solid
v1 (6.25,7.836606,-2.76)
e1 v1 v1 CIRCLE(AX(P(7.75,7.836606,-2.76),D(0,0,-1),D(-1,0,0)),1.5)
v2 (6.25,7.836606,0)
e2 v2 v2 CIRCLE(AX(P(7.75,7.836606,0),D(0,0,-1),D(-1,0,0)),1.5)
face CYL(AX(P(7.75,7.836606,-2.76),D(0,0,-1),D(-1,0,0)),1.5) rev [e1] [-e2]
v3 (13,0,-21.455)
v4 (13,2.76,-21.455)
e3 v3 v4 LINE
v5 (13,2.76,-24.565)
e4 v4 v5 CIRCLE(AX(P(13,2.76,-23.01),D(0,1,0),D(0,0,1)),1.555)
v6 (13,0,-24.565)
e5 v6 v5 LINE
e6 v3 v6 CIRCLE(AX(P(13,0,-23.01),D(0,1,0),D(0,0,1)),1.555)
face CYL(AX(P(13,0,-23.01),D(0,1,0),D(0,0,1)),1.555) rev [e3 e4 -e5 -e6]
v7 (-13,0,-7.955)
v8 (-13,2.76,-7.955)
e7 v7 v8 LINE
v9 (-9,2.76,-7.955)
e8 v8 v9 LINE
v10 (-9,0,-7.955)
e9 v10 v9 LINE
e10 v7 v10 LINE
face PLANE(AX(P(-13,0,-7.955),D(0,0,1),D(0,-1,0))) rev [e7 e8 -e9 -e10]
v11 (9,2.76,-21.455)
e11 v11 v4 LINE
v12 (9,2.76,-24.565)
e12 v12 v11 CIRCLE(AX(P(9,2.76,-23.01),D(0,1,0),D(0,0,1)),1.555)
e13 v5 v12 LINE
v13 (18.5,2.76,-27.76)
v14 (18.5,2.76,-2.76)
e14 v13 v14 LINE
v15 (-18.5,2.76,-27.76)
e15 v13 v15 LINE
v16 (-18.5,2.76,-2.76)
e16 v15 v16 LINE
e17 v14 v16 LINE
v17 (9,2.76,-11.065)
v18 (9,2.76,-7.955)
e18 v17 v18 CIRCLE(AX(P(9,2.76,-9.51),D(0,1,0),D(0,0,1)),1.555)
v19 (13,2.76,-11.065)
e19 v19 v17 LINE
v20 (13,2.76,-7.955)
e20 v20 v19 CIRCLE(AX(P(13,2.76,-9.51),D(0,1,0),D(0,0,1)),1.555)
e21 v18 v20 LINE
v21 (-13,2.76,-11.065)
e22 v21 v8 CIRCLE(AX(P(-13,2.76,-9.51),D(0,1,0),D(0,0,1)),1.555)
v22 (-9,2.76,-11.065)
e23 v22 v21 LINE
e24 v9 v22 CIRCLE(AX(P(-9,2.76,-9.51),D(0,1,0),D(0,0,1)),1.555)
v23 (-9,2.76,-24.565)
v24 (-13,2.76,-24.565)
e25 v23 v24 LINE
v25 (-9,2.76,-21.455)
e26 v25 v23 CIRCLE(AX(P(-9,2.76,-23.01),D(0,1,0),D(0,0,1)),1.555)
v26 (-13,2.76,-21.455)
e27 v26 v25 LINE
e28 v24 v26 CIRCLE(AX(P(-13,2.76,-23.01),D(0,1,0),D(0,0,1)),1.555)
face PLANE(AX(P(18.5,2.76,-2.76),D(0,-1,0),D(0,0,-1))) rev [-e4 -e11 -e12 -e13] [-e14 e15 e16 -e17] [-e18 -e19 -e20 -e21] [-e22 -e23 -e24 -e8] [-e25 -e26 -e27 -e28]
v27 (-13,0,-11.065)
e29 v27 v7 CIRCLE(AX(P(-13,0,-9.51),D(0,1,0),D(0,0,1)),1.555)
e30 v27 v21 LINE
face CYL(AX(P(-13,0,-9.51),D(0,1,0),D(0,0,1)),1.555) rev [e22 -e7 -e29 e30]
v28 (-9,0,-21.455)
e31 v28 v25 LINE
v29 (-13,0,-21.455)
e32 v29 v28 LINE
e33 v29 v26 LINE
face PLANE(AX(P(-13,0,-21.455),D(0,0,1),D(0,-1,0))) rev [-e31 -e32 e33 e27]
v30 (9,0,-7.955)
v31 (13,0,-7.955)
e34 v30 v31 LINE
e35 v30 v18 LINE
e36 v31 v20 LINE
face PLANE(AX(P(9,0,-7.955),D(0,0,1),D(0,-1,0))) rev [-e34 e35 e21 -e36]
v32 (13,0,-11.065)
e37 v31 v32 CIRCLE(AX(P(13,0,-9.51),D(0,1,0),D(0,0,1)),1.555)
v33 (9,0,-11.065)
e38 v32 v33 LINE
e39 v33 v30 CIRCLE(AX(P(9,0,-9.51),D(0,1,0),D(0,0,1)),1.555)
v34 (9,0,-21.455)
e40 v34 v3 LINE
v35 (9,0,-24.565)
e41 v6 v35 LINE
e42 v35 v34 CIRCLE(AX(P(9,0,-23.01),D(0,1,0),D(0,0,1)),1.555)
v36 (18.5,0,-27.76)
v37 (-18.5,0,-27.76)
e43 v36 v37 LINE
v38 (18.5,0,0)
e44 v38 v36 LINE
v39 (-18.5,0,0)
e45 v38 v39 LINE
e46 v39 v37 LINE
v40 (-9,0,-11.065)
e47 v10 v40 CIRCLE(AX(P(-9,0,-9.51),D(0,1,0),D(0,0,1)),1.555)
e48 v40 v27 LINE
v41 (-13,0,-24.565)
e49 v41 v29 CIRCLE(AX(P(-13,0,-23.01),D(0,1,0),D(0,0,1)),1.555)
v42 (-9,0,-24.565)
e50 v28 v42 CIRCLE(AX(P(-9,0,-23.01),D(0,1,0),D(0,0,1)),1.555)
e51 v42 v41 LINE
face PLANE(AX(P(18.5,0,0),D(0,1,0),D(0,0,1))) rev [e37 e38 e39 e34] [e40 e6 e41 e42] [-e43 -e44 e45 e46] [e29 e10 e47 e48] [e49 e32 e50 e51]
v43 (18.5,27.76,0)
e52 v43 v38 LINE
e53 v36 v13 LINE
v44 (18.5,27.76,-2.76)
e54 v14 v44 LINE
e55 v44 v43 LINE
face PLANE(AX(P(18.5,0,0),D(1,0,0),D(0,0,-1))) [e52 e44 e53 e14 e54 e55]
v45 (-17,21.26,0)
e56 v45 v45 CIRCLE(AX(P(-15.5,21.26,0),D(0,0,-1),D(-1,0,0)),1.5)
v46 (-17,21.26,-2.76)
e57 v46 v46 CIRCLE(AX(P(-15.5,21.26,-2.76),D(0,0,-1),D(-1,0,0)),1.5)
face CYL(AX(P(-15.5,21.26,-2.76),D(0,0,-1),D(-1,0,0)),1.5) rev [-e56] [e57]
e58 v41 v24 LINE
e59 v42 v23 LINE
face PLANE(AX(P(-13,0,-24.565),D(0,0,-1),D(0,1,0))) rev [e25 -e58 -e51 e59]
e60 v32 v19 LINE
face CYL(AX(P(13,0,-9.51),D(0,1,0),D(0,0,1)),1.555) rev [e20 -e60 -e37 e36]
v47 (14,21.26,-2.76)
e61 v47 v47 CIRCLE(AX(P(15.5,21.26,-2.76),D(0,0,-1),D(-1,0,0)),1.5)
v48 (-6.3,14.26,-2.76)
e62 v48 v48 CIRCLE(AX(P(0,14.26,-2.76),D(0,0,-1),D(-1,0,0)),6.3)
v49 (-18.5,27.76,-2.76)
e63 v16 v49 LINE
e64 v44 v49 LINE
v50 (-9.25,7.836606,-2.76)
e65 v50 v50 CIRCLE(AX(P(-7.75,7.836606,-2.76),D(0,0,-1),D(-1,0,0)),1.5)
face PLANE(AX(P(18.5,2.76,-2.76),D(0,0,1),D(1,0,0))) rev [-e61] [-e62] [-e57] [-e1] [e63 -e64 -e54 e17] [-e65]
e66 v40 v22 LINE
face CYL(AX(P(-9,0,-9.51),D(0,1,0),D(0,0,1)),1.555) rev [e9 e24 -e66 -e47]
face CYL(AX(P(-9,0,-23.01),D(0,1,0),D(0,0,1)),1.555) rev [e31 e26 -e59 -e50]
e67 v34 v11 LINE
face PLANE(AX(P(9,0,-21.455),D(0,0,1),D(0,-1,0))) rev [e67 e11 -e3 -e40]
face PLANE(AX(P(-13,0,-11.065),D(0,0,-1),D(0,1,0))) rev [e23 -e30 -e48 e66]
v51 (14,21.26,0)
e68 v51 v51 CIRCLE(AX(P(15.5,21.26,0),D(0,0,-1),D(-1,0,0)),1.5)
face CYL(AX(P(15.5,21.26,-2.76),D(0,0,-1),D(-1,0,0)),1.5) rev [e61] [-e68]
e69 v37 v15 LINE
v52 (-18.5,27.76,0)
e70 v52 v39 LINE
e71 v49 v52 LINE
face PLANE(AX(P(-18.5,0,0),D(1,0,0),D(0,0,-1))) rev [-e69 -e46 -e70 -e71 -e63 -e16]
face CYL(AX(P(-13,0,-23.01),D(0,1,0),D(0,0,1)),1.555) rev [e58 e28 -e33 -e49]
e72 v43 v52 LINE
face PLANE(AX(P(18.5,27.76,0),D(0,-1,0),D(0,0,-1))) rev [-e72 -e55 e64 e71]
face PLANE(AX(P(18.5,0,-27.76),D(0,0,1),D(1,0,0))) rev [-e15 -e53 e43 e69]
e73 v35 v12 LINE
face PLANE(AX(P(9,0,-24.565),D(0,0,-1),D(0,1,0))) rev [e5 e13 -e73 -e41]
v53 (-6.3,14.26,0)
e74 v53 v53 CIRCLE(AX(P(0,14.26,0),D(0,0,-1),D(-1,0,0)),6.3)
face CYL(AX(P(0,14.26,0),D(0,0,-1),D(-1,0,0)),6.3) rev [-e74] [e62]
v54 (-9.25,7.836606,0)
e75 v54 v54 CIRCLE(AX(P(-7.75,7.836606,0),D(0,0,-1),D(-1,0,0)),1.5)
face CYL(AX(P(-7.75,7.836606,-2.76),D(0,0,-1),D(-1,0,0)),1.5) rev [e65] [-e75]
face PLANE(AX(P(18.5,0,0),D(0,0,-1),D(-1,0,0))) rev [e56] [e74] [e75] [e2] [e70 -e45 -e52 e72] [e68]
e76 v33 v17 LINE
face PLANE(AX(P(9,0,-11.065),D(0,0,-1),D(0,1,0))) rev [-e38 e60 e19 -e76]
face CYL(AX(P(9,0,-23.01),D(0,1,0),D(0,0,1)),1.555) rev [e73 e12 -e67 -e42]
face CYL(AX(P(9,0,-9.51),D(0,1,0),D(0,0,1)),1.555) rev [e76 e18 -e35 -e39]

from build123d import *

# Parameters (mm, degrees)
BOSS_EXTRUDE1_DEPTH          = 18.5
SKETCH2_R                    = 6.3
CUT_EXTRUDE1_DEPTH           = 3.76
F_3_0_3_DIAMETER_HOLE1_D     = 3
F_3_0_3_DIAMETER_HOLE1_DEPTH = 10
F_3_0_3_DIAMETER_HOLE1_TIP   = 0.901290929
CUT_EXTRUDE2_DEPTH           = 3.76


with BuildPart() as part:
    # Sketch1 → Boss-Extrude1 (new body, symmetric)
    with BuildSketch(Plane(origin=(0, 0, 0), x_dir=(0, 0, -1), z_dir=(1, 0, 0))):
        Polygon((0, 0), (0, 27.76), (2.76, 27.76), (2.76, 2.76), (27.76, 2.76), (27.76, 0), align=None)
    extrude(amount=BOSS_EXTRUDE1_DEPTH, both=True)

    # Sketch2 → Cut-Extrude1 (cut, through all)
    with BuildSketch(Plane(origin=(0, 0, -2.76), x_dir=(-1, 0, 0), z_dir=(0, 0, -1))):
        with Locations((0, 14.26)):
            Circle(SKETCH2_R)
    extrude(amount=-CUT_EXTRUDE1_DEPTH, mode=Mode.SUBTRACT)

    # Ø3.0 (3) Diameter Hole1
    with Locations(Plane(origin=(0, 0, -2.76), x_dir=(-1, 0, 0), z_dir=(0, 0, -1))):
        with Locations((15.5, 21.26), (7.75, 7.836606241), (-7.75, 7.836606241), (-15.5, 21.26)):
            Hole(F_3_0_3_DIAMETER_HOLE1_D / 2, depth=F_3_0_3_DIAMETER_HOLE1_DEPTH)
            with Locations((0, 0, -(F_3_0_3_DIAMETER_HOLE1_DEPTH + F_3_0_3_DIAMETER_HOLE1_TIP / 2))):  # 118° drill point
                Cone(0, F_3_0_3_DIAMETER_HOLE1_D / 2, F_3_0_3_DIAMETER_HOLE1_TIP, mode=Mode.SUBTRACT)

    # Sketch5 → Cut-Extrude2 (cut, through all)
    with BuildSketch(Plane(origin=(0, 2.76, 0), x_dir=(1, 0, 0), z_dir=(0, 1, 0))):
        with BuildLine():
            Line((-13, 24.565), (-9, 24.565))
            ThreePointArc((-9, 24.565), (-7.445, 23.01), (-9, 21.455))
            Line((-9, 21.455), (-13, 21.455))
            ThreePointArc((-13, 21.455), (-14.555, 23.01), (-13, 24.565))
        make_face()
        with BuildLine():
            Line((-13, 11.065), (-9, 11.065))
            ThreePointArc((-9, 11.065), (-7.445, 9.51), (-9, 7.955))
            Line((-9, 7.955), (-13, 7.955))
            ThreePointArc((-13, 7.955), (-14.555, 9.51), (-13, 11.065))
        make_face()
        with BuildLine():
            Line((9, 11.065), (13, 11.065))
            ThreePointArc((13, 11.065), (14.555, 9.51), (13, 7.955))
            Line((13, 7.955), (9, 7.955))
            ThreePointArc((9, 7.955), (7.445, 9.51), (9, 11.065))
        make_face()
        with BuildLine():
            Line((9, 24.565), (13, 24.565))
            ThreePointArc((13, 24.565), (14.555, 23.01), (13, 21.455))
            Line((13, 21.455), (9, 21.455))
            ThreePointArc((9, 21.455), (7.445, 23.01), (9, 24.565))
        make_face()
    extrude(amount=-CUT_EXTRUDE2_DEPTH, mode=Mode.SUBTRACT)


solid = part.part
